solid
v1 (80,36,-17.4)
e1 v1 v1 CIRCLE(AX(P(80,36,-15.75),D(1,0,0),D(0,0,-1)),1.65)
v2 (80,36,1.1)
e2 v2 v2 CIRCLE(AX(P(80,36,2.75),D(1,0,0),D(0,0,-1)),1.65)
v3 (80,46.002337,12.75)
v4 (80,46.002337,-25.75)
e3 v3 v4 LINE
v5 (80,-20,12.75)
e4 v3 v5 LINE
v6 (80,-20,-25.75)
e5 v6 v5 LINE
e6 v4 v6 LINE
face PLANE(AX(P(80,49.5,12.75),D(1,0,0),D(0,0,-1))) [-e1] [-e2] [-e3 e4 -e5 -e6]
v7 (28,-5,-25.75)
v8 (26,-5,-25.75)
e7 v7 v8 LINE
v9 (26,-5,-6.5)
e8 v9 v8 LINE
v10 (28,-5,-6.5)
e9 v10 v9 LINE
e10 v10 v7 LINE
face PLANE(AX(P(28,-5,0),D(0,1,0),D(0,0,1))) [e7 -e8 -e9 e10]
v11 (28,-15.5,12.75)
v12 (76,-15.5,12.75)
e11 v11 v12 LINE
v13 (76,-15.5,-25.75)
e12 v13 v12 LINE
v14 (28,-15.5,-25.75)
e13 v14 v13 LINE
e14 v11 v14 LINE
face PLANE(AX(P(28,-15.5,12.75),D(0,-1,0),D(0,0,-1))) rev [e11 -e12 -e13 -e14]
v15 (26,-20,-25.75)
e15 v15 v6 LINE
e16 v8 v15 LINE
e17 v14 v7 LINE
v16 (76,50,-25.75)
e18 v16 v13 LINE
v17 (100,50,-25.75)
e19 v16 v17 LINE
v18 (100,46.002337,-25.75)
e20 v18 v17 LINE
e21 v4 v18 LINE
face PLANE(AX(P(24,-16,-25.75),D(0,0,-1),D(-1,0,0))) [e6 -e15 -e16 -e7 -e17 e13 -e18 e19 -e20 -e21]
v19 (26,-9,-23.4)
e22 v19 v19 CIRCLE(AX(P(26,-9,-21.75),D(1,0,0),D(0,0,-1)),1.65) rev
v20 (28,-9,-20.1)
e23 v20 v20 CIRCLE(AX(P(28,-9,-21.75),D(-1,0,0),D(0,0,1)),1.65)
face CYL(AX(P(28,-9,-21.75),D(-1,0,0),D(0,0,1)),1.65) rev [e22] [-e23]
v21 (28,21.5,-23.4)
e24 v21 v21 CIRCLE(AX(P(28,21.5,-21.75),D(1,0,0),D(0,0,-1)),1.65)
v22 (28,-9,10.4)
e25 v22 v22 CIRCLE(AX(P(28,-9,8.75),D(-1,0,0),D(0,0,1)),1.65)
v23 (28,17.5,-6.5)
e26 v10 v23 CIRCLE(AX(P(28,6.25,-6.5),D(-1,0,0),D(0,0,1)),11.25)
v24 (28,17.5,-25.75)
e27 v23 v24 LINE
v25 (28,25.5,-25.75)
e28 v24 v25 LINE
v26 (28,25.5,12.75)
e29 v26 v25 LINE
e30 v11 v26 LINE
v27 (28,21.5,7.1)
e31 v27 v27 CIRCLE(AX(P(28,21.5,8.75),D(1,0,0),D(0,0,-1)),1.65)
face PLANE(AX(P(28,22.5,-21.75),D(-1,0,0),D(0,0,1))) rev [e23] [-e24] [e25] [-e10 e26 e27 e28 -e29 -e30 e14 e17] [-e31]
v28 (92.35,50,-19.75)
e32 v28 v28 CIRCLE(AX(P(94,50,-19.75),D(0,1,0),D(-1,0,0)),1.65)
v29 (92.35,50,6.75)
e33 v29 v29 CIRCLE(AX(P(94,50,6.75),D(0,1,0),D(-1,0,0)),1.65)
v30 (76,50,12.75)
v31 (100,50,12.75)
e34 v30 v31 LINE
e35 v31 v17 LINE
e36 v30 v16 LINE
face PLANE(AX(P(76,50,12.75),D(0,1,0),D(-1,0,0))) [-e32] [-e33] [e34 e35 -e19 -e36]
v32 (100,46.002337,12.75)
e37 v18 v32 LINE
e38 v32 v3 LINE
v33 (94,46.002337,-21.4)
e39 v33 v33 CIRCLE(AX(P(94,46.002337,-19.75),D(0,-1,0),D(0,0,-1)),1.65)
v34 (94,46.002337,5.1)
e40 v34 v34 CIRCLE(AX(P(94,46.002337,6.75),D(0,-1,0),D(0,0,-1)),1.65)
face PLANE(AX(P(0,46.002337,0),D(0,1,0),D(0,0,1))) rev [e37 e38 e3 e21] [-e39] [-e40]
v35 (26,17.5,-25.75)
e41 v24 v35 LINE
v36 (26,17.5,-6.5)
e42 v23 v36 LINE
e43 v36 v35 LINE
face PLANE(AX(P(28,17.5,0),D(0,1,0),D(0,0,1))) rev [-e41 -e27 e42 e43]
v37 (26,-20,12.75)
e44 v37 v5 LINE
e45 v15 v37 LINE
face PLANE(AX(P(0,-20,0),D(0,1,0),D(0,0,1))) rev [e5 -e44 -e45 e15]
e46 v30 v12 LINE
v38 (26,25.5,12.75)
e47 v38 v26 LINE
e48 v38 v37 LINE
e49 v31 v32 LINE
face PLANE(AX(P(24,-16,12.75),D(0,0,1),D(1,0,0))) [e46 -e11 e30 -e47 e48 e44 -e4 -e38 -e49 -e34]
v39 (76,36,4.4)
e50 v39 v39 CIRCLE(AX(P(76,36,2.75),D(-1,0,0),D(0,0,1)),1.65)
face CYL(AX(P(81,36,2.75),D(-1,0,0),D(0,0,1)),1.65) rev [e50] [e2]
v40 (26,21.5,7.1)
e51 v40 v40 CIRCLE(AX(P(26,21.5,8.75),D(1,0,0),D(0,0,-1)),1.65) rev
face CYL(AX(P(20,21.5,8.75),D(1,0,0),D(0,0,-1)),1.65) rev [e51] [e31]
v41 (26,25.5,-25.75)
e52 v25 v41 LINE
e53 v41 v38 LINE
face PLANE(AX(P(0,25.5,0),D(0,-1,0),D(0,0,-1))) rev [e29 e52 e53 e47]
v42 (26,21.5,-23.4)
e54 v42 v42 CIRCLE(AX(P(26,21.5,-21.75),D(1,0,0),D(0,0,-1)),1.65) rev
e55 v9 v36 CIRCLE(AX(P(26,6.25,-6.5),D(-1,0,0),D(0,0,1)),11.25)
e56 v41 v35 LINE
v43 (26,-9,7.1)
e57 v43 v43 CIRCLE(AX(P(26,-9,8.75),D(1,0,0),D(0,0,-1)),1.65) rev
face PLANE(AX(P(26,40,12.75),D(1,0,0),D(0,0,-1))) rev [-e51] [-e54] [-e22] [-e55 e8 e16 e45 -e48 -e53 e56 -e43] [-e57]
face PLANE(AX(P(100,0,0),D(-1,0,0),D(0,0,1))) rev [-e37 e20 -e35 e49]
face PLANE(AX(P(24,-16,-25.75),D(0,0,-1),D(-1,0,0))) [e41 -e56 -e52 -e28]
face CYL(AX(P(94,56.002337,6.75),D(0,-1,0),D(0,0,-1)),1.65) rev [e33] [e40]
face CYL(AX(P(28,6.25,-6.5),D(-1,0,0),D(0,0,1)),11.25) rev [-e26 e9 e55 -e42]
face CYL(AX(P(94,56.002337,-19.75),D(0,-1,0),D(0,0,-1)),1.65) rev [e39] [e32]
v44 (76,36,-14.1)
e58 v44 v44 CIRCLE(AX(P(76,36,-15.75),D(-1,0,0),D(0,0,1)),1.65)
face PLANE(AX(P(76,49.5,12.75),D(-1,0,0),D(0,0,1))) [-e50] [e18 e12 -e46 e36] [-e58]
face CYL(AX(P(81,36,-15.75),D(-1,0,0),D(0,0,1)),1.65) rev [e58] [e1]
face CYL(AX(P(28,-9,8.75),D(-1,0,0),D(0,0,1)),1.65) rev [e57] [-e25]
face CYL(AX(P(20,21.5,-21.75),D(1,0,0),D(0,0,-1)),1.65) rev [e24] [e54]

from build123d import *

# Parameters (mm, degrees)
SKETCH1_W                 = 13
SKETCH1_H                 = 16
BOSS_EXTRUDE1_DEPTH       = 4
SKETCH2_R                 = 1.65
CUT_EXTRUDE1_DEPTH        = 10
SKETCH3_W                 = 4
SKETCH3_H                 = 13
BOSS_EXTRUDE2_DEPTH       = 4
SKETCH4_W                 = 13
SKETCH4_H                 = 4
BOSS_EXTRUDE3_DEPTH       = 60
SKETCH6_W                 = 4
SKETCH6_H                 = 21
SKETCH6_H_2               = 13
BOSS_EXTRUDE4_DEPTH       = 28
SKETCH12_W                = 4
SKETCH12_H                = 28
BOSS_EXTRUDE8_DEPTH       = 1.65
SKETCH13_W                = 4
SKETCH13_H                = 28
BOSS_EXTRUDE9_DEPTH       = 1.65
SKETCH14_W                = 4
SKETCH14_H                = 35.878399396
CUT_EXTRUDE5_DEPTH        = 24
SKETCH15_R                = 1.65
CUT_EXTRUDE6_DEPTH        = 24
SKETCH16_W                = 4
SKETCH16_H                = 11.121600604
SKETCH16_H_2              = 11.3
BOSS_EXTRUDE10_DEPTH      = 29.15
SKETCH17_R                = 1.65
CUT_EXTRUDE8_DEPTH        = 29.15
SKETCH18_W                = 22.65
SKETCH18_H                = 4
SKETCH18_W_2              = 13
BOSS_EXTRUDE11_DEPTH      = 4
SKETCH19_W                = 4
SKETCH19_H                = 20
BOSS_EXTRUDE12_DEPTH      = 40
SKETCH20_R                = 1.65
CUT_EXTRUDE9_DEPTH        = 40
SKETCH21_W                = 4
SKETCH21_H                = 30.5
BOSS_EXTRUDE13_DEPTH      = 38.5
SKETCH23_W                = 4
SKETCH23_H                = 4
BOSS_EXTRUDE14_DEPTH      = 38.5
SKETCH24_W                = 4
SKETCH24_H                = 38.5
BOSS_EXTRUDE15_DEPTH      = 3
SKETCH27_W                = 4
SKETCH27_H                = 58.3
CUT_EXTRUDE10_DEPTH       = 100
BOSS_EXTRUDE16_DEPTH      = 40
BOSS_EXTRUDE16_DEPTH_BACK = 28
SKETCH29_W                = 38.5
SKETCH29_H                = 7
SKETCH30_R                = 1.65
CUT_EXTRUDE11_DEPTH       = 40
SKETCH31_W                = 4
SKETCH31_H                = 22.5
CUT_EXTRUDE12_DEPTH       = 38.5
SKETCH32_W                = 38.5
SKETCH32_H                = 2.5
CUT_EXTRUDE13_DEPTH       = 40
SKETCH33_W                = 4
SKETCH33_H                = 8
BOSS_EXTRUDE17_DEPTH      = 8
SKETCH34_R                = 1.65
CUT_EXTRUDE14_DEPTH       = 8
SKETCH35_W                = 4
SKETCH35_H                = 43.5
BOSS_EXTRUDE18_DEPTH      = 13
CUT_EXTRUDE15_START       = -20
SKETCH36_W                = 10
SKETCH36_H                = 80
CUT_EXTRUDE15_DEPTH       = 20
SKETCH37_W                = 5
SKETCH37_H                = 7
BOSS_EXTRUDE19_DEPTH      = 4
SKETCH41_W                = 13
SKETCH41_H                = 20
BOSS_EXTRUDE20_DEPTH      = 4
SKETCH42_R                = 1.65
CUT_EXTRUDE18_DEPTH       = 4
SKETCH43_W                = 4
SKETCH43_H                = 38.5
CUT_EXTRUDE19_DEPTH       = 10
SKETCH44_W                = 8
SKETCH44_H                = 9
BOSS_EXTRUDE21_DEPTH      = 4
SKETCH45_R                = 1.65
CUT_EXTRUDE20_DEPTH       = 4
CUT_EXTRUDE21_DEPTH       = 3
SKETCH49_R                = 1.65
CUT_EXTRUDE22_DEPTH       = 5
SKETCH54_W                = 1
SKETCH54_H                = 38.5
CUT_EXTRUDE24_DEPTH       = 50
SKETCH55_W                = 8
SKETCH55_H                = 10
BOSS_EXTRUDE22_DEPTH      = 4
SKETCH56_R                = 1.65
CUT_EXTRUDE25_DEPTH       = 4
CUT_EXTRUDE26_DEPTH       = 15
CUT_EXTRUDE26_DEPTH_BACK  = 10
SKETCH57_W                = 25
SKETCH57_H                = 70
SKETCH58_W                = 47.5
SKETCH58_H                = 38.5
BOSS_EXTRUDE24_DEPTH      = 4.5
SKETCH59_W                = 0.5
SKETCH59_H                = 38.5
BOSS_EXTRUDE25_DEPTH      = 4.5
SKETCH60_W                = 4
SKETCH60_H                = 38.5
BOSS_EXTRUDE26_DEPTH      = 69.5
SKETCH61_W                = 38.5
SKETCH61_H                = 2.457662878
BOSS_EXTRUDE27_DEPTH      = 20
SKETCH62_W                = 38.5
SKETCH62_H                = 2
BOSS_EXTRUDE31_DEPTH      = 29.5
SKETCH64_W                = 4
SKETCH64_H                = 13
BOSS_EXTRUDE32_DEPTH      = 16
SKETCH65_R                = 1.65
CUT_EXTRUDE27_DEPTH       = 16
SKETCH66_W                = 24
SKETCH66_H                = 0.5
BOSS_EXTRUDE33_DEPTH      = 38.5
SKETCH69_W                = 20
SKETCH69_H                = 38.5
BOSS_EXTRUDE34_DEPTH      = 1.04
SKETCH70_R                = 1.65
CUT_EXTRUDE29_DEPTH       = 10
SKETCH72_W                = 2
SKETCH72_H                = 38.5
CUT_EXTRUDE31_DEPTH       = 60
SKETCH73_W                = 22.5
SKETCH73_H                = 38.5
BOSS_EXTRUDE35_DEPTH      = 2
SKETCH74_R                = 11.25
CUT_EXTRUDE32_DEPTH       = 2
CUT_EXTRUDE33_DEPTH       = 2
SKETCH76_R                = 1.65
CUT_EXTRUDE34_DEPTH       = 5
SKETCH77_W                = 35
SKETCH77_H                = 30
CUT_EXTRUDE35_DEPTH       = 1000


with BuildPart() as part:
    # Sketch1 → Boss-Extrude1 (new body)
    with BuildSketch(Plane(origin=(0, 0, 0), x_dir=(0, 0, -1), z_dir=(1, 0, 0))):
        with Locations((6.5, -8)):
            Rectangle(SKETCH1_W, SKETCH1_H)
    extrude(amount=BOSS_EXTRUDE1_DEPTH)

    # Sketch2 → Cut-Extrude1 (cut)
    with BuildSketch(Plane(origin=(4, 0, 0), x_dir=(0, 0, -1), z_dir=(1, 0, 0))):
        with Locations((6.5, -4)):
            Circle(SKETCH2_R)
        with Locations((6.5, -12)):
            Circle(SKETCH2_R)
    extrude(amount=-CUT_EXTRUDE1_DEPTH, mode=Mode.SUBTRACT)

    # Sketch3 → Boss-Extrude2 (add)
    with BuildSketch(Plane.XZ.offset(16)):
        with Locations((2, -6.5)):
            Rectangle(SKETCH3_W, SKETCH3_H)
    extrude(amount=BOSS_EXTRUDE2_DEPTH)

    # Sketch4 → Boss-Extrude3 (add)
    with BuildSketch(Plane(origin=(4, 0, 0), x_dir=(0, 0, -1), z_dir=(1, 0, 0))):
        with Locations((6.5, -18)):
            Rectangle(SKETCH4_W, SKETCH4_H)
    extrude(amount=BOSS_EXTRUDE3_DEPTH)

    # Sketch6 → Boss-Extrude4 (add)
    with BuildSketch(Plane(origin=(0, -16, 0), x_dir=(1, 0, 0), z_dir=(0, 1, 0))):
        with Locations((62, -10.5)):
            Rectangle(SKETCH6_W, SKETCH6_H)
        with Locations((62, 23.5)):
            Rectangle(SKETCH6_W, SKETCH6_H)
        with Locations((62, 6.5)):
            Rectangle(SKETCH6_W, SKETCH6_H_2)
    extrude(amount=BOSS_EXTRUDE4_DEPTH)

    # Sketch12 → Boss-Extrude8 (add)
    with BuildSketch(Plane(origin=(0, 0, -34), x_dir=(-1, 0, 0), z_dir=(0, 0, -1))):
        with Locations((-62, -2)):
            Rectangle(SKETCH12_W, SKETCH12_H)
    extrude(amount=BOSS_EXTRUDE8_DEPTH)

    # Sketch13 → Boss-Extrude9 (add)
    with BuildSketch(Plane.XY.offset(21)):
        with Locations((62, -2)):
            Rectangle(SKETCH13_W, SKETCH13_H)
    extrude(amount=BOSS_EXTRUDE9_DEPTH)

    # Sketch14 → Cut-Extrude5 (cut)
    with BuildSketch(Plane(origin=(0, 12, 0), x_dir=(1, 0, 0), z_dir=(0, 1, 0))):
        with Locations((62, 6.410800302)):
            Rectangle(SKETCH14_W, SKETCH14_H)
    extrude(amount=-CUT_EXTRUDE5_DEPTH, mode=Mode.SUBTRACT)

    # Sketch15 → Cut-Extrude6 (cut)
    with BuildSketch(Plane(origin=(64, 0, 0), x_dir=(0, 0, -1), z_dir=(1, 0, 0))):
        with Locations((-17, -11.5)):
            Circle(SKETCH15_R)
        with Locations((30, -11.5)):
            Circle(SKETCH15_R)
    extrude(amount=-CUT_EXTRUDE6_DEPTH, mode=Mode.SUBTRACT)

    # Sketch16 → Boss-Extrude10 (add)
    with BuildSketch(Plane(origin=(0, 12, 0), x_dir=(1, 0, 0), z_dir=(0, 1, 0))):
        with Locations((62, -17.089199698)):
            Rectangle(SKETCH16_W, SKETCH16_H)
        with Locations((62, 30)):
            Rectangle(SKETCH16_W, SKETCH16_H_2)
    extrude(amount=BOSS_EXTRUDE10_DEPTH)

    # Sketch17 → Cut-Extrude8 (cut)
    with BuildSketch(Plane(origin=(64, 0, 0), x_dir=(0, 0, -1), z_dir=(1, 0, 0))):
        with Locations((-17, 35.5)):
            Circle(SKETCH17_R)
        with Locations((30, 35.5)):
            Circle(SKETCH17_R)
    extrude(amount=-CUT_EXTRUDE8_DEPTH, mode=Mode.SUBTRACT)

    # Sketch18 → Boss-Extrude11 (add)
    with BuildSketch(Plane(origin=(64, 0, 0), x_dir=(0, 0, -1), z_dir=(1, 0, 0))):
        with Locations((-11.325, -18)):
            Rectangle(SKETCH18_W, SKETCH18_H)
        with Locations((24.325, -18)):
            Rectangle(SKETCH18_W, SKETCH18_H)
        with Locations((6.5, -18)):
            Rectangle(SKETCH18_W_2, SKETCH18_H)
    extrude(amount=-BOSS_EXTRUDE11_DEPTH)

    # Sketch19 → Boss-Extrude12 (add)
    with BuildSketch(Plane(origin=(0, 0, -13), x_dir=(-1, 0, 0), z_dir=(0, 0, -1))):
        with Locations((-2, -10)):
            Rectangle(SKETCH19_W, SKETCH19_H)
    extrude(amount=BOSS_EXTRUDE12_DEPTH)

    # Sketch20 → Cut-Extrude9 (cut)
    with BuildSketch(Plane.ZY):
        with Locations((-46.5, -4)):
            Circle(SKETCH20_R)
        with Locations((-46.5, -12)):
            Circle(SKETCH20_R)
    extrude(amount=-CUT_EXTRUDE9_DEPTH, mode=Mode.SUBTRACT)

    # Sketch21 → Boss-Extrude13 (add)
    with BuildSketch(Plane(origin=(0, -16, 0), x_dir=(1, 0, 0), z_dir=(0, 1, 0))):
        with Locations((26, 6.5)):
            Rectangle(SKETCH21_W, SKETCH21_H)
    extrude(amount=BOSS_EXTRUDE13_DEPTH)

    # Sketch23 → Boss-Extrude14 (add)
    with BuildSketch(Plane(origin=(0, 22.5, 0), x_dir=(1, 0, 0), z_dir=(0, 1, 0))):
        with Locations((26, 23.75)):
            Rectangle(SKETCH23_W, SKETCH23_H)
        with Locations((26, -10.75)):
            Rectangle(SKETCH23_W, SKETCH23_H)
    extrude(amount=-BOSS_EXTRUDE14_DEPTH)

    # Sketch24 → Boss-Extrude15 (add)
    with BuildSketch(Plane(origin=(0, 22.5, 0), x_dir=(1, 0, 0), z_dir=(0, 1, 0))):
        with Locations((26, 6.5)):
            Rectangle(SKETCH24_W, SKETCH24_H)
    extrude(amount=BOSS_EXTRUDE15_DEPTH)

    # Sketch27 → Cut-Extrude10 (cut)
    with BuildSketch(Plane.XZ.offset(20)):
        with Locations((62, -6.5)):
            Rectangle(SKETCH27_W, SKETCH27_H)
    extrude(amount=-CUT_EXTRUDE10_DEPTH, mode=Mode.SUBTRACT)

    # Sketch29 → Boss-Extrude16 (add, two sides: drawn at the far end of the back side and taken through both)
    with BuildSketch(Plane(origin=(28, 0, 0), x_dir=(0, 0, -1), z_dir=(1, 0, 0)).offset(-BOSS_EXTRUDE16_DEPTH_BACK)):
        with Locations((6.5, -16.5)):
            Rectangle(SKETCH29_W, SKETCH29_H)
    extrude(amount=BOSS_EXTRUDE16_DEPTH + BOSS_EXTRUDE16_DEPTH_BACK)

    # Sketch30 → Cut-Extrude11 (cut)
    with BuildSketch(Plane.ZY.offset(-24)):
        with Locations((8.75, 21.5)):
            Circle(SKETCH30_R)
        with Locations((8.75, -9)):
            Circle(SKETCH30_R)
        with Locations((-21.75, 21.5)):
            Circle(SKETCH30_R)
        with Locations((-21.75, -9)):
            Circle(SKETCH30_R)
    extrude(amount=-CUT_EXTRUDE11_DEPTH, mode=Mode.SUBTRACT)

    # Sketch31 → Cut-Extrude12 (cut)
    with BuildSketch(Plane(origin=(0, 25.5, 0), x_dir=(1, 0, 0), z_dir=(0, 1, 0))):
        with Locations((26, 6.5)):
            Rectangle(SKETCH31_W, SKETCH31_H)
    extrude(amount=-CUT_EXTRUDE12_DEPTH, mode=Mode.SUBTRACT)

    # Sketch32 → Cut-Extrude13 (cut)
    with BuildSketch(Plane(origin=(68, 0, 0), x_dir=(0, 0, -1), z_dir=(1, 0, 0))):
        with Locations((6.5, -14.25)):
            Rectangle(SKETCH32_W, SKETCH32_H)
    extrude(amount=-CUT_EXTRUDE13_DEPTH, mode=Mode.SUBTRACT)

    # Sketch33 → Boss-Extrude17 (add)
    with BuildSketch(Plane(origin=(0, 25.5, 0), x_dir=(1, 0, 0), z_dir=(0, 1, 0))):
        with Locations((26, -8.75)):
            Rectangle(SKETCH33_W, SKETCH33_H)
        with Locations((26, 21.75)):
            Rectangle(SKETCH33_W, SKETCH33_H)
    extrude(amount=-BOSS_EXTRUDE17_DEPTH)

    # Sketch34 → Cut-Extrude14 (cut)
    with BuildSketch(Plane(origin=(28, 0, 0), x_dir=(0, 0, -1), z_dir=(1, 0, 0))):
        with Locations((-8.75, 21.5)):
            Circle(SKETCH34_R)
        with Locations((21.75, 21.5)):
            Circle(SKETCH34_R)
    extrude(amount=-CUT_EXTRUDE14_DEPTH, mode=Mode.SUBTRACT)

    # Sketch35 → Boss-Extrude18 (add)
    with BuildSketch(Plane(origin=(0, -13, 0), x_dir=(1, 0, 0), z_dir=(0, 1, 0))):
        with Locations((12, 9)):
            Rectangle(SKETCH35_W, SKETCH35_H)
    extrude(amount=BOSS_EXTRUDE18_DEPTH)

    # Sketch36 → Cut-Extrude15 (cut)
    with BuildSketch(Plane.XZ.offset(20).offset(CUT_EXTRUDE15_START)):
        with Locations((5, -27.25)):
            Rectangle(SKETCH36_W, SKETCH36_H)
    extrude(amount=CUT_EXTRUDE15_DEPTH, mode=Mode.SUBTRACT)

    # Sketch37 → Boss-Extrude19 (add)
    with BuildSketch(Plane.ZY.offset(-10)):
        with Locations((-28.25, -16.5)):
            Rectangle(SKETCH37_W, SKETCH37_H)
    extrude(amount=-BOSS_EXTRUDE19_DEPTH)

    # Sketch41 → Boss-Extrude20 (add)
    with BuildSketch(Plane(origin=(14, 0, 0), x_dir=(0, 0, -1), z_dir=(1, 0, 0))):
        with Locations((32.25, -10)):
            Rectangle(SKETCH41_W, SKETCH41_H)
    extrude(amount=-BOSS_EXTRUDE20_DEPTH)

    # Sketch42 → Cut-Extrude18 (cut)
    with BuildSketch(Plane.ZY.offset(-10)):
        with Locations((-32.25, -4)):
            Circle(SKETCH42_R)
        with Locations((-32.25, -12)):
            Circle(SKETCH42_R)
    extrude(amount=-CUT_EXTRUDE18_DEPTH, mode=Mode.SUBTRACT)

    # Sketch43 → Cut-Extrude19 (cut)
    with BuildSketch(Plane(origin=(0, 0, 0), x_dir=(1, 0, 0), z_dir=(0, 1, 0))):
        with Locations((12, 6.5)):
            Rectangle(SKETCH43_W, SKETCH43_H)
    extrude(amount=-CUT_EXTRUDE19_DEPTH, mode=Mode.SUBTRACT)

    # Sketch44 → Boss-Extrude21 (add)
    with BuildSketch(Plane(origin=(28, 0, 0), x_dir=(0, 0, -1), z_dir=(1, 0, 0))):
        with Locations((-8.75, -11)):
            Rectangle(SKETCH44_W, SKETCH44_H)
        with Locations((21.75, -11)):
            Rectangle(SKETCH44_W, SKETCH44_H)
    extrude(amount=-BOSS_EXTRUDE21_DEPTH)

    # Sketch45 → Cut-Extrude20 (cut)
    with BuildSketch(Plane.ZY.offset(-24)):
        with Locations((-21.75, -7)):
            Circle(SKETCH45_R)
        with Locations((8.75, -7)):
            Circle(SKETCH45_R)
    extrude(amount=-CUT_EXTRUDE20_DEPTH, mode=Mode.SUBTRACT)

    # Sketch46 → Cut-Extrude21 (cut)
    with BuildSketch(Plane(origin=(0, -15.5, 0), x_dir=(1, 0, 0), z_dir=(0, 1, 0))):
        Polygon((64, 18.285898385), (67, 20.017949192), (67, 23.482050808), (64, 25.214101615), (61, 23.482050808), (61, 20.017949192), align=None)
        Polygon((64, -12.214101615), (67, -10.482050808), (67, -7.017949192), (64, -5.285898385), (61, -7.017949192), (61, -10.482050808), align=None)
    extrude(amount=-CUT_EXTRUDE21_DEPTH, mode=Mode.SUBTRACT)

    # Sketch49 → Cut-Extrude22 (cut)
    with BuildSketch(Plane(origin=(0, -15.5, 0), x_dir=(1, 0, 0), z_dir=(0, 1, 0))):
        with Locations(Location((64, 21.75, 0), (0, 0, 270))):
            Circle(SKETCH49_R)
        with Locations(Location((64, -8.75, 0), (0, 0, 270))):
            Circle(SKETCH49_R)
    extrude(amount=-CUT_EXTRUDE22_DEPTH, mode=Mode.SUBTRACT)

    # Sketch54 → Cut-Extrude24 (cut)
    with BuildSketch(Plane(origin=(0, -10, 0), x_dir=(1, 0, 0), z_dir=(0, 1, 0))):
        with Locations((10.5, 6.5)):
            Rectangle(SKETCH54_W, SKETCH54_H)
    extrude(amount=-CUT_EXTRUDE24_DEPTH, mode=Mode.SUBTRACT)

    # Sketch55 → Boss-Extrude22 (add)
    with BuildSketch(Plane.ZY.offset(-24)):
        with Locations((8.75, -8)):
            Rectangle(SKETCH55_W, SKETCH55_H)
        with Locations((-21.75, -8)):
            Rectangle(SKETCH55_W, SKETCH55_H)
    extrude(amount=-BOSS_EXTRUDE22_DEPTH)

    # Sketch56 → Cut-Extrude25 (cut)
    with BuildSketch(Plane.ZY.offset(-24)):
        with Locations((-21.75, -9)):
            Circle(SKETCH56_R)
        with Locations((8.75, -9)):
            Circle(SKETCH56_R)
    extrude(amount=-CUT_EXTRUDE25_DEPTH, mode=Mode.SUBTRACT)

    # Sketch57 → Cut-Extrude26 (cut, two sides: drawn at the far end of the back side and taken through both)
    with BuildSketch(Plane(origin=(0, -13, 0), x_dir=(1, 0, 0), z_dir=(0, 1, 0)).offset(-CUT_EXTRUDE26_DEPTH_BACK)):
        with Locations((11.5, 22.25)):
            Rectangle(SKETCH57_W, SKETCH57_H)
    extrude(amount=CUT_EXTRUDE26_DEPTH + CUT_EXTRUDE26_DEPTH_BACK, mode=Mode.SUBTRACT)

    # Sketch58 → Boss-Extrude24 (add)
    with BuildSketch(Plane.XZ.offset(20)):
        with Locations((51.75, -6.5)):
            Rectangle(SKETCH58_W, SKETCH58_H)
    extrude(amount=-BOSS_EXTRUDE24_DEPTH)

    # Sketch59 → Boss-Extrude25 (add)
    with BuildSketch(Plane.XZ.offset(20)):
        with Locations((75.75, -6.5)):
            Rectangle(SKETCH59_W, SKETCH59_H)
    extrude(amount=-BOSS_EXTRUDE25_DEPTH)

    # Sketch60 → Boss-Extrude26 (add)
    with BuildSketch(Plane.XZ.offset(20)):
        with Locations((78, -6.5)):
            Rectangle(SKETCH60_W, SKETCH60_H)
    extrude(amount=-BOSS_EXTRUDE26_DEPTH)

    # Sketch61 → Boss-Extrude27 (add)
    with BuildSketch(Plane(origin=(80, 0, 0), x_dir=(0, 0, -1), z_dir=(1, 0, 0))):
        with Locations((6.5, 48.271168561)):
            Rectangle(SKETCH61_W, SKETCH61_H)
    extrude(amount=BOSS_EXTRUDE27_DEPTH)

    # Sketch62 → Boss-Extrude31 (add)
    with BuildSketch(Plane.ZY.offset(-76)):
        with Locations((-6.5, 29)):
            Rectangle(SKETCH62_W, SKETCH62_H)
    extrude(amount=BOSS_EXTRUDE31_DEPTH)

    # Sketch64 → Boss-Extrude32 (add)
    with BuildSketch(Plane(origin=(0, 30, 0), x_dir=(1, 0, 0), z_dir=(0, 1, 0))):
        with Locations((48.5, 6.5)):
            Rectangle(SKETCH64_W, SKETCH64_H)
    extrude(amount=BOSS_EXTRUDE32_DEPTH)

    # Sketch65 → Cut-Extrude27 (cut)
    with BuildSketch(Plane.ZY.offset(-46.5)):
        with Locations((-6.5, 34)):
            Circle(SKETCH65_R)
        with Locations((-6.5, 42)):
            Circle(SKETCH65_R)
    extrude(amount=-CUT_EXTRUDE27_DEPTH, mode=Mode.SUBTRACT)

    # Sketch66 → Boss-Extrude33 (add)
    with BuildSketch(Plane(origin=(0, 0, -25.75), x_dir=(-1, 0, 0), z_dir=(0, 0, -1))):
        with Locations((-88, 49.75)):
            Rectangle(SKETCH66_W, SKETCH66_H)
    extrude(amount=-BOSS_EXTRUDE33_DEPTH)

    # Sketch69 → Boss-Extrude34 (add)
    with BuildSketch(Plane.XZ.offset(-47.042337122)):
        with Locations((90, -6.5)):
            Rectangle(SKETCH69_W, SKETCH69_H)
    extrude(amount=BOSS_EXTRUDE34_DEPTH)

    # Sketch70 → Cut-Extrude29 (cut)
    with BuildSketch(Plane.XZ.offset(-46.002337122)):
        with Locations(Location((94, 6.75, 0), (0, 0, 270))):
            Circle(SKETCH70_R)
        with Locations(Location((94, -19.75, 0), (0, 0, 270))):
            Circle(SKETCH70_R)
    extrude(amount=-CUT_EXTRUDE29_DEPTH, mode=Mode.SUBTRACT)

    # Sketch72 → Cut-Extrude31 (cut)
    with BuildSketch(Plane.XZ.offset(20)):
        with Locations((25, -6.5)):
            Rectangle(SKETCH72_W, SKETCH72_H)
    extrude(amount=-CUT_EXTRUDE31_DEPTH, mode=Mode.SUBTRACT)

    # Sketch73 → Boss-Extrude35 (add)
    with BuildSketch(Plane.ZY.offset(-26)):
        with Locations((-6.5, 6.25)):
            Rectangle(SKETCH73_W, SKETCH73_H)
    extrude(amount=-BOSS_EXTRUDE35_DEPTH)

    # Sketch74 → Cut-Extrude32 (cut)
    with BuildSketch(Plane.ZY.offset(-26)):
        with Locations((-6.5, 6.25)):
            Circle(SKETCH74_R)
    extrude(amount=-CUT_EXTRUDE32_DEPTH, mode=Mode.SUBTRACT)

    # Sketch75 → Cut-Extrude33 (cut)
    with BuildSketch(Plane.ZY.offset(-26)):
        with BuildLine():
            Line((-25.75, 6.25), (-17.75, 6.25))
            ThreePointArc((-17.75, 6.25), (-14.454951288, 14.204951288), (-6.5, 17.5))
            Line((-6.5, 17.5), (-25.75, 17.5))
            Line((-25.75, 17.5), (-25.75, 6.25))
        make_face()
        with BuildLine():
            ThreePointArc((-6.5, -5), (-14.454951288, -1.704951288), (-17.75, 6.25))
            Line((-17.75, 6.25), (-25.75, 6.25))
            Line((-25.75, 6.25), (-25.75, -5))
            Line((-25.75, -5), (-6.5, -5))
        make_face()
    extrude(amount=-CUT_EXTRUDE33_DEPTH, mode=Mode.SUBTRACT)

    # Sketch76 → Cut-Extrude34 (cut)
    with BuildSketch(Plane.ZY.offset(-76)):
        with Locations((2.75, 36)):
            Circle(SKETCH76_R)
        with Locations((-15.75, 36)):
            Circle(SKETCH76_R)
    extrude(amount=-CUT_EXTRUDE34_DEPTH, mode=Mode.SUBTRACT)

    # Sketch77 → Cut-Extrude35 (cut)
    with BuildSketch(Plane.XY.offset(12.75)):
        with Locations((58.5, 43)):
            Rectangle(SKETCH77_W, SKETCH77_H)
    extrude(amount=-CUT_EXTRUDE35_DEPTH, mode=Mode.SUBTRACT)


solid = part.part
